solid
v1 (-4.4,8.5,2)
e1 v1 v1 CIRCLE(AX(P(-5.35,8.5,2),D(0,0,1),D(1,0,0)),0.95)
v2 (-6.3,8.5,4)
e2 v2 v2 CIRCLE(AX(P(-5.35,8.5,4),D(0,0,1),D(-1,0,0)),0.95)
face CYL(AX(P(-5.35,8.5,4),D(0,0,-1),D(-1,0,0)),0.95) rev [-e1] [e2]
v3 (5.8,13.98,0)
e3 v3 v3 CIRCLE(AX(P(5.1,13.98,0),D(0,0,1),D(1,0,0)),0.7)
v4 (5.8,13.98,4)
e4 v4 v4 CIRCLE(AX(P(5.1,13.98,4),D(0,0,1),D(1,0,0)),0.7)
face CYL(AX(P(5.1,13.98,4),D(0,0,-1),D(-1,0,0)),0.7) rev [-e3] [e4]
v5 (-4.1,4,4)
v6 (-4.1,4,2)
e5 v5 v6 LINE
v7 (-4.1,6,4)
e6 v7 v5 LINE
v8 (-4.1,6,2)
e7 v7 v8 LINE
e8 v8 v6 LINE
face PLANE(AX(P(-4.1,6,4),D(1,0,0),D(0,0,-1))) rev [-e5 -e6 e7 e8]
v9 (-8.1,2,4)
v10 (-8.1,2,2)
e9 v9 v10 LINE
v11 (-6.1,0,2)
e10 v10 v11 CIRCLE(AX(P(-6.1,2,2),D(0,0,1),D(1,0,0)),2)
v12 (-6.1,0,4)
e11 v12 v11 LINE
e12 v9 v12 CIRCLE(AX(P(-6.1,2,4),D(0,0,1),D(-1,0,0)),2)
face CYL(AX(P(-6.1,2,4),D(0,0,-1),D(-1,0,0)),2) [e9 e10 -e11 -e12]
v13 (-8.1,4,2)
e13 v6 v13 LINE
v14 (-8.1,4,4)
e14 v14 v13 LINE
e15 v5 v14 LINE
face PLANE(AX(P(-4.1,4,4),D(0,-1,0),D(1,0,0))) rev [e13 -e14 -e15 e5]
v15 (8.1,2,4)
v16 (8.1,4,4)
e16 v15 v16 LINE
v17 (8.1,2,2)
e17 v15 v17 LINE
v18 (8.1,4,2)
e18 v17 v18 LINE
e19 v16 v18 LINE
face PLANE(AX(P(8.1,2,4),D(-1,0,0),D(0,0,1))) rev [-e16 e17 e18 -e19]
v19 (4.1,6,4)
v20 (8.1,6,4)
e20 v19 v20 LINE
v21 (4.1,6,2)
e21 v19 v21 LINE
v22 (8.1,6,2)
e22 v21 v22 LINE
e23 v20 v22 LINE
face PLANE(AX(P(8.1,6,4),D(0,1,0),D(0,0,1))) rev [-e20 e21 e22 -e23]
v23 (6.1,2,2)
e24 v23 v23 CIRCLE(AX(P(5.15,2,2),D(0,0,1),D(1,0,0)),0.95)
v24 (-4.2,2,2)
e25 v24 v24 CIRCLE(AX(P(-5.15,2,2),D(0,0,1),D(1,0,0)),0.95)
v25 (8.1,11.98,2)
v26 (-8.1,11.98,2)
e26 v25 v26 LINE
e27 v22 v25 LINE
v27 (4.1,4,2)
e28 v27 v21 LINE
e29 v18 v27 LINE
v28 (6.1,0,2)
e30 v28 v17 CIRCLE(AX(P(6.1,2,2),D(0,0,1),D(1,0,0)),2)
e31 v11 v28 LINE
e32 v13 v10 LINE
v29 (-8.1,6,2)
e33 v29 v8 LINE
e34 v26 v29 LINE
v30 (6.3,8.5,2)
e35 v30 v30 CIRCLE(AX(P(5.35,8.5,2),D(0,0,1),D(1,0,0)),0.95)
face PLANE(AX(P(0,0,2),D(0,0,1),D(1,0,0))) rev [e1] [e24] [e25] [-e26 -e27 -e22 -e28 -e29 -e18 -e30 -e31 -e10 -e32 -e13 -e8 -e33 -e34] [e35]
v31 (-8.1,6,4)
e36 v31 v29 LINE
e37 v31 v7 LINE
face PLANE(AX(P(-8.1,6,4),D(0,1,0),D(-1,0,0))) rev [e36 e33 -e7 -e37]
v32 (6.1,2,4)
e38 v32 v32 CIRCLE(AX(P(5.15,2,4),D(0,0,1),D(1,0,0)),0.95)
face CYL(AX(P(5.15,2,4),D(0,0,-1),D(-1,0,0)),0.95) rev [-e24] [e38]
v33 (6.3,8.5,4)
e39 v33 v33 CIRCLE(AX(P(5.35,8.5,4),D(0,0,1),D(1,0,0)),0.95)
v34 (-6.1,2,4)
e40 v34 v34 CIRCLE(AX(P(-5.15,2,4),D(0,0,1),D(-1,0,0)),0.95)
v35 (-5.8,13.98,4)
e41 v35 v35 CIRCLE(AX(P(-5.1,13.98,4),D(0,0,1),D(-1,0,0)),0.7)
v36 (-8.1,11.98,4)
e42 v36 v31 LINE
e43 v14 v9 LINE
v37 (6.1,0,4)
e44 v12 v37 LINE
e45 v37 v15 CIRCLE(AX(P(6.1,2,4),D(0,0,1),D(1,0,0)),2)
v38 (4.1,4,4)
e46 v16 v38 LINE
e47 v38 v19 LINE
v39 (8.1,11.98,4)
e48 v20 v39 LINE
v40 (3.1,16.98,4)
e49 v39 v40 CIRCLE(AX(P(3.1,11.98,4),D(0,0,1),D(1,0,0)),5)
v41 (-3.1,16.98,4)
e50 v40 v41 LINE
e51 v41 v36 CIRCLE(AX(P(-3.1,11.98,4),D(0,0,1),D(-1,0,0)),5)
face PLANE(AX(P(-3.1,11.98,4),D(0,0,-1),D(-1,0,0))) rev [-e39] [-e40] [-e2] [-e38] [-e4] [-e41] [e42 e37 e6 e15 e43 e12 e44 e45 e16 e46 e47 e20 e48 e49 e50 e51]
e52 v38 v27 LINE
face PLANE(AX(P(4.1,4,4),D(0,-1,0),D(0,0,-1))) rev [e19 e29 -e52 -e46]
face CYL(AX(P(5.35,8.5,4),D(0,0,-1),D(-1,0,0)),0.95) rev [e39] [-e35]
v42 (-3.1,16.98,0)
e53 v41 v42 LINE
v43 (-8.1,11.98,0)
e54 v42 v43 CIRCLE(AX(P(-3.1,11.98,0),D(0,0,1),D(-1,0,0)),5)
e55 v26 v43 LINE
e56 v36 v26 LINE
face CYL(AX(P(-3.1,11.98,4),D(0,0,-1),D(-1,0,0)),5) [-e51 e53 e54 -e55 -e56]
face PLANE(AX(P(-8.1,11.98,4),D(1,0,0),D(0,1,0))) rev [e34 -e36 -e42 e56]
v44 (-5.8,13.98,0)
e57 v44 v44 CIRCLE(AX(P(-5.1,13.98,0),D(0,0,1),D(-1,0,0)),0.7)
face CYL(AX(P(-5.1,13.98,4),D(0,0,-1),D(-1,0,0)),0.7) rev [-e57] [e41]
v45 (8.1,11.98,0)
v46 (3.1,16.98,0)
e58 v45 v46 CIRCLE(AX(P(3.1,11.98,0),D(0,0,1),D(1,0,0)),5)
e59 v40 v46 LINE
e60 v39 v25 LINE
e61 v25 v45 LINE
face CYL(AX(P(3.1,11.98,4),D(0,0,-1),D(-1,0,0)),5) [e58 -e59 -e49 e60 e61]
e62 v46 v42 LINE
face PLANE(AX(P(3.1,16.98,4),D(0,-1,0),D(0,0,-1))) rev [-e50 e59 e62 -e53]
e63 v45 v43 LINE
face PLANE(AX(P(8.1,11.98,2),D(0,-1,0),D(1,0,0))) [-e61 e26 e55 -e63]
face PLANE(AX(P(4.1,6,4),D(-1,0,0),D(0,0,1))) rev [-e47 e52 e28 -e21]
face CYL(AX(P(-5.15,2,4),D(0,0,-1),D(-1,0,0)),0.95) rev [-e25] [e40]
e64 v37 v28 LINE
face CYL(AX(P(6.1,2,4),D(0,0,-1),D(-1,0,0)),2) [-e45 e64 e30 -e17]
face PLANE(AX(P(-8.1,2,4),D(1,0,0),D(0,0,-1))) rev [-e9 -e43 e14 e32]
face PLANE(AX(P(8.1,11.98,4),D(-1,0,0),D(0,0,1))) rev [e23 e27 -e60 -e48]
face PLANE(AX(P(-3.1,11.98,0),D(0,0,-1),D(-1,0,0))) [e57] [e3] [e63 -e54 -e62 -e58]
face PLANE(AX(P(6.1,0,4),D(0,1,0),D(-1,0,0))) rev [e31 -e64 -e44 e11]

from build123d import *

# Parameters (mm, degrees)
SKETCH1_R           = 0.95
SKETCH1_R_2         = 0.7
BOSS_EXTRUDE1_DEPTH = 4
SKETCH2_W           = 16.2
SKETCH2_H           = 11.98
CUT_EXTRUDE1_DEPTH  = 2


with BuildPart() as part:
    # Sketch1 → Boss-Extrude1 (new body)
    with BuildSketch(Plane.XY):
        with BuildLine():
            Line((3.1, 16.98), (-3.1, 16.98))
            ThreePointArc((-3.1, 16.98), (-6.635533906, 15.515533906), (-8.1, 11.98))
            Line((-8.1, 11.98), (-8.1, 6))
            Line((-8.1, 6), (-4.1, 6))
            Line((-4.1, 6), (-4.1, 4))
            Line((-4.1, 4), (-8.1, 4))
            Line((-8.1, 4), (-8.1, 2))
            ThreePointArc((-8.1, 2), (-7.514213562, 0.585786438), (-6.1, 0))
            Line((-6.1, 0), (6.1, 0))
            ThreePointArc((6.1, 0), (7.514213562, 0.585786438), (8.1, 2))
            Line((8.1, 2), (8.1, 4))
            Line((8.1, 4), (4.1, 4))
            Line((4.1, 4), (4.1, 6))
            Line((4.1, 6), (8.1, 6))
            Line((8.1, 6), (8.1, 11.98))
            ThreePointArc((8.1, 11.98), (6.635533906, 15.515533906), (3.1, 16.98))
        make_face()
        with Locations((-5.15, 2)):
            Circle(SKETCH1_R, mode=Mode.SUBTRACT)
        with Locations((-5.1, 13.98)):
            Circle(SKETCH1_R_2, mode=Mode.SUBTRACT)
        with Locations((-5.35, 8.5)):
            Circle(SKETCH1_R, mode=Mode.SUBTRACT)
        with Locations((5.35, 8.5)):
            Circle(SKETCH1_R, mode=Mode.SUBTRACT)
        with Locations((5.1, 13.98)):
            Circle(SKETCH1_R_2, mode=Mode.SUBTRACT)
        with Locations((5.15, 2)):
            Circle(SKETCH1_R, mode=Mode.SUBTRACT)
    extrude(amount=BOSS_EXTRUDE1_DEPTH)

    # Sketch2 → Cut-Extrude1 (cut)
    with BuildSketch(Plane.XY):
        with Locations((0, 5.99)):
            Rectangle(SKETCH2_W, SKETCH2_H)
    extrude(amount=CUT_EXTRUDE1_DEPTH, mode=Mode.SUBTRACT)


solid = part.part
